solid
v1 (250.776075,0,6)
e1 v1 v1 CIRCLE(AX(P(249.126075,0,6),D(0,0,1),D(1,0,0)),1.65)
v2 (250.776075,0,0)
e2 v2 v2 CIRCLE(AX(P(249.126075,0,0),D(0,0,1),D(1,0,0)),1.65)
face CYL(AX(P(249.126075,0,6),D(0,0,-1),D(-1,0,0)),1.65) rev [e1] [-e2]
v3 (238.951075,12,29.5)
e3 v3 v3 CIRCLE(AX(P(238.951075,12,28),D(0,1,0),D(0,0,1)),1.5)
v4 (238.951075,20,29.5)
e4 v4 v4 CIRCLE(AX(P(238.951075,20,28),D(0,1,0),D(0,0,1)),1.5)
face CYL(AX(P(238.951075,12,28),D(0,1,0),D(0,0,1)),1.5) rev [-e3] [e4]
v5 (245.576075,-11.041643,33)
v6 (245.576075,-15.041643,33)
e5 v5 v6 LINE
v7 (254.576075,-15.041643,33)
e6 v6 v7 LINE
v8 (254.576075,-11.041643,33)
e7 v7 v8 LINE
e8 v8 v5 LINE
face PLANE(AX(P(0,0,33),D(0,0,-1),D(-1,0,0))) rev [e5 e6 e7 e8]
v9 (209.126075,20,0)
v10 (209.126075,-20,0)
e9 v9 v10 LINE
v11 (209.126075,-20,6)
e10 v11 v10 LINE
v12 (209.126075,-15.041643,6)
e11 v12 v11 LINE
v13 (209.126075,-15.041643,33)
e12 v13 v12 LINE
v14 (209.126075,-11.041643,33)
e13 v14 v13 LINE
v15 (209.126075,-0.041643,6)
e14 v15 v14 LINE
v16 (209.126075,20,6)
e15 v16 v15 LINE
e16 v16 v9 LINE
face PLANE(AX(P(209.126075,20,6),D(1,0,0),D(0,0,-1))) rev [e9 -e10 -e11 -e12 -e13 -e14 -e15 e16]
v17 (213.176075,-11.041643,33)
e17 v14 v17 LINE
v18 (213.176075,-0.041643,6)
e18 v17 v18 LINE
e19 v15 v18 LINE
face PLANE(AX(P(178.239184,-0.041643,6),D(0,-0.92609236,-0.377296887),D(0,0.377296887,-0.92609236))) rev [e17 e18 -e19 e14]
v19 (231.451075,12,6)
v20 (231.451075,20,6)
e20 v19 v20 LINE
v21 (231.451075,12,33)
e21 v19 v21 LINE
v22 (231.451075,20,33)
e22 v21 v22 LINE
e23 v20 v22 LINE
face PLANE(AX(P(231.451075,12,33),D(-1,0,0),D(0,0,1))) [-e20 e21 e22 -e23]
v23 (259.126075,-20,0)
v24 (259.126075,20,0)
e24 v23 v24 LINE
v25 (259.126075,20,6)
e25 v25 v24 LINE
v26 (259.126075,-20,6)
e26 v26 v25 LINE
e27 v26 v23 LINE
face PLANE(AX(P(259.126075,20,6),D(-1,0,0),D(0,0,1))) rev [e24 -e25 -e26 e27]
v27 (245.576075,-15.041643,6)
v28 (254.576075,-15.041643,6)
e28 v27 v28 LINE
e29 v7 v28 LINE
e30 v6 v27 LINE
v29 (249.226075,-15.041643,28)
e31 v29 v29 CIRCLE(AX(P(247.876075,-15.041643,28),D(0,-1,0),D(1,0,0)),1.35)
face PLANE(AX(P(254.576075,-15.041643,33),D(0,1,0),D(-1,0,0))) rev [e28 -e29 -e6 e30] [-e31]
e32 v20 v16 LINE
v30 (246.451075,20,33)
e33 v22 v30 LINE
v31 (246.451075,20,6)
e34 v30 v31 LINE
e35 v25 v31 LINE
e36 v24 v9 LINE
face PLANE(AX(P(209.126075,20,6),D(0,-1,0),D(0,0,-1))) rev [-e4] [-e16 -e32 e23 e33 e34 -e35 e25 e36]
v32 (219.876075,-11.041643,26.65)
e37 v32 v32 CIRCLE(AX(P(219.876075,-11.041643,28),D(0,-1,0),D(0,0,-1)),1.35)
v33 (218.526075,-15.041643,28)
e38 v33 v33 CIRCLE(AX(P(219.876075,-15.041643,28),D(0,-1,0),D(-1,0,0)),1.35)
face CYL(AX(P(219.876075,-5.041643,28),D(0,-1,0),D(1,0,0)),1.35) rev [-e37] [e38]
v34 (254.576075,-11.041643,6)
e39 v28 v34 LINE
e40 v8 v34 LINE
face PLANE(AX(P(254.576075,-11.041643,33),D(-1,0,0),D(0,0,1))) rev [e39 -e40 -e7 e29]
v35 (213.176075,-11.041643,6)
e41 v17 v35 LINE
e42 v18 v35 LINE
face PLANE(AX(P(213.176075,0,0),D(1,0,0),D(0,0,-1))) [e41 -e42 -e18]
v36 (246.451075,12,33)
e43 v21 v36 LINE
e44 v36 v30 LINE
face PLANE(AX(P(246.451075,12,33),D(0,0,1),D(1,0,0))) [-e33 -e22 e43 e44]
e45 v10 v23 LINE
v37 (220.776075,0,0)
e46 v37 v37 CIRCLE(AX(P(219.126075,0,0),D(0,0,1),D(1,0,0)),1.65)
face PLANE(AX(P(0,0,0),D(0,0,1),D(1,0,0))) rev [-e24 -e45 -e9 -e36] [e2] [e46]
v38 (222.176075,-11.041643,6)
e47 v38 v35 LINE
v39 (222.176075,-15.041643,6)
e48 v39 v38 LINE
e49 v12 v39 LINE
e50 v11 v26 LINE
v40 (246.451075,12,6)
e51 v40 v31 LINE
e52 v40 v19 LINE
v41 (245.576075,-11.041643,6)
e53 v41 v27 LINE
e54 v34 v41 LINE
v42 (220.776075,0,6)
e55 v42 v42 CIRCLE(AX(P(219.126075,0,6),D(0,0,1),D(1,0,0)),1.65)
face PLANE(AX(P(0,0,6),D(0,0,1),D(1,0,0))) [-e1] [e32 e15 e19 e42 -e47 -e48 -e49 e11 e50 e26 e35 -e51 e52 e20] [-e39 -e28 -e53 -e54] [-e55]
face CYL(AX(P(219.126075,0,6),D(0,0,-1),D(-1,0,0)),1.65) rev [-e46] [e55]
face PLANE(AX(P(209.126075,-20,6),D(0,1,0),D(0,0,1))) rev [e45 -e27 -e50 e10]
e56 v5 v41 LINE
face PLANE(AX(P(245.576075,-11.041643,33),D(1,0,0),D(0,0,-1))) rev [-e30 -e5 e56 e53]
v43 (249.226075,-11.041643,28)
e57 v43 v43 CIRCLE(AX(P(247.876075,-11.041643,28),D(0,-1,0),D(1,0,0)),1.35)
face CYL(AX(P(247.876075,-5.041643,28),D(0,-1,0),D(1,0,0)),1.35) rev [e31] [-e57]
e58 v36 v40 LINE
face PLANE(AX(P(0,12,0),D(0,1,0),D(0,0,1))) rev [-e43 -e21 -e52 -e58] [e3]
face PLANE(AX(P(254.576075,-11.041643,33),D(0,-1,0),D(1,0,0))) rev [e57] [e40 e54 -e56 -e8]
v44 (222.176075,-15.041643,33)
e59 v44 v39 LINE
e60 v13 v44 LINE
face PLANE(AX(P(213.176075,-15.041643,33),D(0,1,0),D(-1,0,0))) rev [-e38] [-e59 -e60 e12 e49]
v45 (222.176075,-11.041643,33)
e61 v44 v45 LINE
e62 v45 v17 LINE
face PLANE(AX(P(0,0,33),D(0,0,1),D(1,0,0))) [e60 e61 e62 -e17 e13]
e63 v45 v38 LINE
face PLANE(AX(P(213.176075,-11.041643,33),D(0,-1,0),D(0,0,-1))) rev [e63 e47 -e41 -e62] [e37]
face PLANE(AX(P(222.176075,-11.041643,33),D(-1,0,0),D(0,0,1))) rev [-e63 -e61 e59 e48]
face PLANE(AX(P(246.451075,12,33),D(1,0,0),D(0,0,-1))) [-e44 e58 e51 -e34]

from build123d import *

# Parameters (mm, degrees)
SKETCH_1_W          = 50
SKETCH_1_H          = 40
SKETCH_1_R          = 1.65
EXTRUDE_1_DEPTH     = 6
SKETCH_4_W          = 9
SKETCH_4_H          = 4
EXTRUDE_2_DEPTH     = 27
SKETCH_5_R          = 1.35
CUT_EXTRUDE_1_DEPTH = 10
EXTRUDE_3_DEPTH     = 4.05
SKETCH_8_W          = 15
SKETCH_8_H          = 27
SKETCH_8_R          = 1.5
EXTRUDE_5_DEPTH     = 8


with BuildPart() as part:
    # 草图1 → 凸台-拉伸1 (new body)
    with BuildSketch(Plane.XY):
        with Locations((234.126074566, 0)):
            Rectangle(SKETCH_1_W, SKETCH_1_H)
        with Locations((219.126074566, 0)):
            Circle(SKETCH_1_R, mode=Mode.SUBTRACT)
        with Locations((249.126074566, 0)):
            Circle(SKETCH_1_R, mode=Mode.SUBTRACT)
    extrude(amount=EXTRUDE_1_DEPTH)

    # 草图4 → 凸台-拉伸2 (add)
    with BuildSketch(Plane.XY.offset(6)):
        with Locations((217.676074566, -13.041642787)):
            Rectangle(SKETCH_4_W, SKETCH_4_H)
        with Locations((250.076074566, -13.041642787)):
            Rectangle(SKETCH_4_W, SKETCH_4_H)
    extrude(amount=EXTRUDE_2_DEPTH)

    # 草图5 → 切除-拉伸1 (cut)
    with BuildSketch(Plane.XZ.offset(15.041642787)):
        with Locations((247.876074566, 28)):
            Circle(SKETCH_5_R)
        with Locations(Location((219.876074566, 28, 0), (0, 0, 270))):
            Circle(SKETCH_5_R)
    extrude(amount=-CUT_EXTRUDE_1_DEPTH, mode=Mode.SUBTRACT)

    # 草图6 → 凸台-拉伸3 (add)
    with BuildSketch(Plane.ZY.offset(-213.176074566)):
        Polygon((6, -15.041642787), (6, -0.041642787), (33, -11.041642787), (33, -15.041642787), align=None)
    extrude(amount=EXTRUDE_3_DEPTH)

    # 草图8 → 凸台-拉伸5 (add)
    with BuildSketch(Plane(origin=(0, 20, 0), x_dir=(1, 0, 0), z_dir=(0, 1, 0))):
        with Locations((238.951074566, -19.5)):
            Rectangle(SKETCH_8_W, SKETCH_8_H)
        with Locations(Location((238.951074566, -28, 0), (0, 0, 270))):
            Circle(SKETCH_8_R, mode=Mode.SUBTRACT)
    extrude(amount=-EXTRUDE_5_DEPTH)


solid = part.part
